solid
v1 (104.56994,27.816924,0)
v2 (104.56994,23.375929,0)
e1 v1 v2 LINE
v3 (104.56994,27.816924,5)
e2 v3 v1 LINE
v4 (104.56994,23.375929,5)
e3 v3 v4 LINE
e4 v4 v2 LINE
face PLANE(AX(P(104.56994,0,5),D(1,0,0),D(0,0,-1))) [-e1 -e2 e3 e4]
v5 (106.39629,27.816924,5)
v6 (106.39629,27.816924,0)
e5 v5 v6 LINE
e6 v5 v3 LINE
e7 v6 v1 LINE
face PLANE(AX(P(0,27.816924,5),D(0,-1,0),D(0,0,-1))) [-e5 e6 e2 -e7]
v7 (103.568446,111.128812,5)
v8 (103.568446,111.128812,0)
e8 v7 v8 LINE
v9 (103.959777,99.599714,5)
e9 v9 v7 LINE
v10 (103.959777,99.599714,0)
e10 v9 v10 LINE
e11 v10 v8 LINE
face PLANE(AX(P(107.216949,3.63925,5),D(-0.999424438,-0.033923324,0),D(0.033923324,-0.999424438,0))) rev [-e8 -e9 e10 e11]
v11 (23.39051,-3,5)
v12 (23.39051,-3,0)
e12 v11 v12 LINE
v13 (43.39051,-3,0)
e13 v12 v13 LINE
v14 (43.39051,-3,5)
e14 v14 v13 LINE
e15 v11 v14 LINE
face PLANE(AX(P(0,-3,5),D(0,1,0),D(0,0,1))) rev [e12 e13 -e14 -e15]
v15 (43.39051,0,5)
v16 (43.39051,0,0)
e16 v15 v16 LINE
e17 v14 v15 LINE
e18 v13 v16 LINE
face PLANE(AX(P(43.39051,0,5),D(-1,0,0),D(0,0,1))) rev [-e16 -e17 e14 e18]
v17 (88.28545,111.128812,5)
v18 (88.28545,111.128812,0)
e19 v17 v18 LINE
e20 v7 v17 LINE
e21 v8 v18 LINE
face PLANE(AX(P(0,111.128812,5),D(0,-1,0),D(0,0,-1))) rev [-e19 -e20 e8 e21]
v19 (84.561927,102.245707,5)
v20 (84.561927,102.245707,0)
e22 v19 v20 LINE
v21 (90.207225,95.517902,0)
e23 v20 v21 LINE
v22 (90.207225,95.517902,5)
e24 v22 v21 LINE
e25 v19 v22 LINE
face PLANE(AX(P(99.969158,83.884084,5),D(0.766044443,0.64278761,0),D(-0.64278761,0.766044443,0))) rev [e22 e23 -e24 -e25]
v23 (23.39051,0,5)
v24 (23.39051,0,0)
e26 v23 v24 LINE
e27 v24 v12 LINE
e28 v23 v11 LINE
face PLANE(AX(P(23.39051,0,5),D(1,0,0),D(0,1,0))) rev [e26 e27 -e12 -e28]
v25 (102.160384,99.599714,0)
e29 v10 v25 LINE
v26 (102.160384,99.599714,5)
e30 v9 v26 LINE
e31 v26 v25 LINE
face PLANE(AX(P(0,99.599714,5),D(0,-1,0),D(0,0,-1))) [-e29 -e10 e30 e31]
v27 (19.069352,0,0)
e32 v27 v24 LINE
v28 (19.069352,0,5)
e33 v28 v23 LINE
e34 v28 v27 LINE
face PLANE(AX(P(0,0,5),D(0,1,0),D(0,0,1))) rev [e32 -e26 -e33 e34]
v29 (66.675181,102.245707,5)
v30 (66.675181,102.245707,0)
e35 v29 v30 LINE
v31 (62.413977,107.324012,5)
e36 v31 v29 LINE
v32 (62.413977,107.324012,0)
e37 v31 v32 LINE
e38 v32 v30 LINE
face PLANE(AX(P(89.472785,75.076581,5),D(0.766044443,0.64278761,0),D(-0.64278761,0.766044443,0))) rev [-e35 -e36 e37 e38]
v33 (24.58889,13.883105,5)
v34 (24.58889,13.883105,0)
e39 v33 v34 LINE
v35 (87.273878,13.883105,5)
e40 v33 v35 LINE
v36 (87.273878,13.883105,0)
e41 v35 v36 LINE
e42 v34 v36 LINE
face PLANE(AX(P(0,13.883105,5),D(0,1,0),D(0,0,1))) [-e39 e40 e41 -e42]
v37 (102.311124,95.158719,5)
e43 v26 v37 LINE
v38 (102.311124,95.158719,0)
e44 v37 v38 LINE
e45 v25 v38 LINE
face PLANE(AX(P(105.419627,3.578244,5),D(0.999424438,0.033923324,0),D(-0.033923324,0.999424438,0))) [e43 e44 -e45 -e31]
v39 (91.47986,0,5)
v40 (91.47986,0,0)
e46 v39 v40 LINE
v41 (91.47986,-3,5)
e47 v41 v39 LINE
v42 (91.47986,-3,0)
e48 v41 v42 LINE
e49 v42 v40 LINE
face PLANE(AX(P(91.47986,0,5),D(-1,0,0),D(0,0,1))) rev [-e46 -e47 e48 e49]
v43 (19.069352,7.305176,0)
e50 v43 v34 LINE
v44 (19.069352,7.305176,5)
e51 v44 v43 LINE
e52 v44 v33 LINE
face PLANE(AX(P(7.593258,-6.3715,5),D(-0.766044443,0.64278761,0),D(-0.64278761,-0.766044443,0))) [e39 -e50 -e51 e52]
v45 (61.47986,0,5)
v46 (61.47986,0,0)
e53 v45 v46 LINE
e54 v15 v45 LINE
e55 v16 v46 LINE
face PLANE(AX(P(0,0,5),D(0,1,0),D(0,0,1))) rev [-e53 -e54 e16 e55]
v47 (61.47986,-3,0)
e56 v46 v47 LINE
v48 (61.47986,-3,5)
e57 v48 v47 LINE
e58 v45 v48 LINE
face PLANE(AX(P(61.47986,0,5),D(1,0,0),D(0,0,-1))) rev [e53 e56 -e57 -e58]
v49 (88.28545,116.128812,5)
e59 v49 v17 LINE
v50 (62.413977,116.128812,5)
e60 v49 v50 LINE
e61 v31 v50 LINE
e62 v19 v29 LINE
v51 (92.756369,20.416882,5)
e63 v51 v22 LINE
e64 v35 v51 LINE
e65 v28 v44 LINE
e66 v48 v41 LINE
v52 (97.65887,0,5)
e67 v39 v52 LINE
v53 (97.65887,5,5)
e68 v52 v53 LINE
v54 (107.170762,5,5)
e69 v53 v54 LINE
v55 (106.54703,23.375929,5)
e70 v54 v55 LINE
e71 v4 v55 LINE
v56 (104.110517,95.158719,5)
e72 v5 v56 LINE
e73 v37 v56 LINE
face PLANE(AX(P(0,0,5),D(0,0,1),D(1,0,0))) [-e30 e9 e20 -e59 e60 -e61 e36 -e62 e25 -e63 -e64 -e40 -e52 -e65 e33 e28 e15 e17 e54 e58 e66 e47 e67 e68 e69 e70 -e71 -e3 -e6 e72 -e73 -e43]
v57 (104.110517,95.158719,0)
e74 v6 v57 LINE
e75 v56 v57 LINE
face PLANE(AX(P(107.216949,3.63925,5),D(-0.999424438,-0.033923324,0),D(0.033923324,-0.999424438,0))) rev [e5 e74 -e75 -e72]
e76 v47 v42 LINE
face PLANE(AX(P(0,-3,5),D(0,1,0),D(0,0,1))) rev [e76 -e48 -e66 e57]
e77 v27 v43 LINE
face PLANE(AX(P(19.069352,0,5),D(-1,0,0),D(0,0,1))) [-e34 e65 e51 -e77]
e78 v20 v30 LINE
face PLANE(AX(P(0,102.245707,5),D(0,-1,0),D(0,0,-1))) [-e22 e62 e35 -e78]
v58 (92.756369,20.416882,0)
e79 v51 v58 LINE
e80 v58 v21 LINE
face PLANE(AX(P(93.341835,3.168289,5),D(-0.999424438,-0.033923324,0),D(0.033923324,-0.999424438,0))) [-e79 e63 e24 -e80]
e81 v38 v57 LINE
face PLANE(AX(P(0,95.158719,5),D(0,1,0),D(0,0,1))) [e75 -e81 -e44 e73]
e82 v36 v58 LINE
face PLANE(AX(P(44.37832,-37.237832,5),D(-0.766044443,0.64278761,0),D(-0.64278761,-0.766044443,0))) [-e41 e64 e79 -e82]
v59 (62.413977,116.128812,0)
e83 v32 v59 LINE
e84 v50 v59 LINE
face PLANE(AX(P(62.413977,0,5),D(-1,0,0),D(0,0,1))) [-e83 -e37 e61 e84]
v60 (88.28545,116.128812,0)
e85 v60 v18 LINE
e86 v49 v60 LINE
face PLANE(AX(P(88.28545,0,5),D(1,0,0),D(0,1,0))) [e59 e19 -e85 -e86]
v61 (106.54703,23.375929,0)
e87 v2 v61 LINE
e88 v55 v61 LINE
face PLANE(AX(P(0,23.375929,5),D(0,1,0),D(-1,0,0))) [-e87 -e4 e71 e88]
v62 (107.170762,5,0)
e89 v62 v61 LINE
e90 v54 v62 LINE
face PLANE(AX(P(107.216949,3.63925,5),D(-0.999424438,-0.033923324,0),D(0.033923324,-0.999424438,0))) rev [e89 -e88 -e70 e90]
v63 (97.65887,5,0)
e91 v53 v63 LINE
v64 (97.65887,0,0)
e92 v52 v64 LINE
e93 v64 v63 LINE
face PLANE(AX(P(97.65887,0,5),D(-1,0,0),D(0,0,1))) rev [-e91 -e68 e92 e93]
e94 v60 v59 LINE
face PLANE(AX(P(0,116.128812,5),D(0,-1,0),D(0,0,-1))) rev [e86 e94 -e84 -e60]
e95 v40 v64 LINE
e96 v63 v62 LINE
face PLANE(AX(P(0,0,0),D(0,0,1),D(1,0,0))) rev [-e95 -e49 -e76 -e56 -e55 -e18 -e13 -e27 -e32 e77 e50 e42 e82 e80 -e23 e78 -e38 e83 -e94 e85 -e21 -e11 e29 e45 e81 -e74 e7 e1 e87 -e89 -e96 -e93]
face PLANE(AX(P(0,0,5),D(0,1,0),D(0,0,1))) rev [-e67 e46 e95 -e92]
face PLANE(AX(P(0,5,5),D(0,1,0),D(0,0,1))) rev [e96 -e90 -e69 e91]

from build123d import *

# Parameters (mm, degrees)
BOSS_EXTRUDE1_DEPTH = 5


with BuildPart() as part:
    # Sketch1 → Boss-Extrude1 (new body)
    with BuildSketch(Plane.XY):
        Polygon((19.069352218, 7.305175864), (19.069352218, 0), (23.390509928, 0), (23.390509928, -3), (43.390509928, -3), (43.390509928, 0), (61.479859656, 0), (61.479859656, -3), (91.479859656, -3), (91.479859656, 0), (97.658870124, 0), (97.658870124, 5), (107.170761617, 5), (106.547030036, 23.375928632), (104.56994049, 23.375928632), (104.56994049, 27.816923755), (106.396289958, 27.816923755), (104.110516804, 95.158718868), (102.311123929, 95.158718868), (102.160383851, 99.599713991), (103.959776726, 99.599713991), (103.568446166, 111.128811841), (88.285450009, 111.128811841), (88.285450009, 116.128811841), (62.413977349, 116.128811841), (62.413977349, 107.324012391), (66.675181317, 102.245707253), (84.561926801, 102.245707253), (90.207225314, 95.517902469), (92.756368757, 20.416882452), (87.27387816, 13.883104587), (24.588889784, 13.883104587), align=None)
    extrude(amount=BOSS_EXTRUDE1_DEPTH)


solid = part.part
